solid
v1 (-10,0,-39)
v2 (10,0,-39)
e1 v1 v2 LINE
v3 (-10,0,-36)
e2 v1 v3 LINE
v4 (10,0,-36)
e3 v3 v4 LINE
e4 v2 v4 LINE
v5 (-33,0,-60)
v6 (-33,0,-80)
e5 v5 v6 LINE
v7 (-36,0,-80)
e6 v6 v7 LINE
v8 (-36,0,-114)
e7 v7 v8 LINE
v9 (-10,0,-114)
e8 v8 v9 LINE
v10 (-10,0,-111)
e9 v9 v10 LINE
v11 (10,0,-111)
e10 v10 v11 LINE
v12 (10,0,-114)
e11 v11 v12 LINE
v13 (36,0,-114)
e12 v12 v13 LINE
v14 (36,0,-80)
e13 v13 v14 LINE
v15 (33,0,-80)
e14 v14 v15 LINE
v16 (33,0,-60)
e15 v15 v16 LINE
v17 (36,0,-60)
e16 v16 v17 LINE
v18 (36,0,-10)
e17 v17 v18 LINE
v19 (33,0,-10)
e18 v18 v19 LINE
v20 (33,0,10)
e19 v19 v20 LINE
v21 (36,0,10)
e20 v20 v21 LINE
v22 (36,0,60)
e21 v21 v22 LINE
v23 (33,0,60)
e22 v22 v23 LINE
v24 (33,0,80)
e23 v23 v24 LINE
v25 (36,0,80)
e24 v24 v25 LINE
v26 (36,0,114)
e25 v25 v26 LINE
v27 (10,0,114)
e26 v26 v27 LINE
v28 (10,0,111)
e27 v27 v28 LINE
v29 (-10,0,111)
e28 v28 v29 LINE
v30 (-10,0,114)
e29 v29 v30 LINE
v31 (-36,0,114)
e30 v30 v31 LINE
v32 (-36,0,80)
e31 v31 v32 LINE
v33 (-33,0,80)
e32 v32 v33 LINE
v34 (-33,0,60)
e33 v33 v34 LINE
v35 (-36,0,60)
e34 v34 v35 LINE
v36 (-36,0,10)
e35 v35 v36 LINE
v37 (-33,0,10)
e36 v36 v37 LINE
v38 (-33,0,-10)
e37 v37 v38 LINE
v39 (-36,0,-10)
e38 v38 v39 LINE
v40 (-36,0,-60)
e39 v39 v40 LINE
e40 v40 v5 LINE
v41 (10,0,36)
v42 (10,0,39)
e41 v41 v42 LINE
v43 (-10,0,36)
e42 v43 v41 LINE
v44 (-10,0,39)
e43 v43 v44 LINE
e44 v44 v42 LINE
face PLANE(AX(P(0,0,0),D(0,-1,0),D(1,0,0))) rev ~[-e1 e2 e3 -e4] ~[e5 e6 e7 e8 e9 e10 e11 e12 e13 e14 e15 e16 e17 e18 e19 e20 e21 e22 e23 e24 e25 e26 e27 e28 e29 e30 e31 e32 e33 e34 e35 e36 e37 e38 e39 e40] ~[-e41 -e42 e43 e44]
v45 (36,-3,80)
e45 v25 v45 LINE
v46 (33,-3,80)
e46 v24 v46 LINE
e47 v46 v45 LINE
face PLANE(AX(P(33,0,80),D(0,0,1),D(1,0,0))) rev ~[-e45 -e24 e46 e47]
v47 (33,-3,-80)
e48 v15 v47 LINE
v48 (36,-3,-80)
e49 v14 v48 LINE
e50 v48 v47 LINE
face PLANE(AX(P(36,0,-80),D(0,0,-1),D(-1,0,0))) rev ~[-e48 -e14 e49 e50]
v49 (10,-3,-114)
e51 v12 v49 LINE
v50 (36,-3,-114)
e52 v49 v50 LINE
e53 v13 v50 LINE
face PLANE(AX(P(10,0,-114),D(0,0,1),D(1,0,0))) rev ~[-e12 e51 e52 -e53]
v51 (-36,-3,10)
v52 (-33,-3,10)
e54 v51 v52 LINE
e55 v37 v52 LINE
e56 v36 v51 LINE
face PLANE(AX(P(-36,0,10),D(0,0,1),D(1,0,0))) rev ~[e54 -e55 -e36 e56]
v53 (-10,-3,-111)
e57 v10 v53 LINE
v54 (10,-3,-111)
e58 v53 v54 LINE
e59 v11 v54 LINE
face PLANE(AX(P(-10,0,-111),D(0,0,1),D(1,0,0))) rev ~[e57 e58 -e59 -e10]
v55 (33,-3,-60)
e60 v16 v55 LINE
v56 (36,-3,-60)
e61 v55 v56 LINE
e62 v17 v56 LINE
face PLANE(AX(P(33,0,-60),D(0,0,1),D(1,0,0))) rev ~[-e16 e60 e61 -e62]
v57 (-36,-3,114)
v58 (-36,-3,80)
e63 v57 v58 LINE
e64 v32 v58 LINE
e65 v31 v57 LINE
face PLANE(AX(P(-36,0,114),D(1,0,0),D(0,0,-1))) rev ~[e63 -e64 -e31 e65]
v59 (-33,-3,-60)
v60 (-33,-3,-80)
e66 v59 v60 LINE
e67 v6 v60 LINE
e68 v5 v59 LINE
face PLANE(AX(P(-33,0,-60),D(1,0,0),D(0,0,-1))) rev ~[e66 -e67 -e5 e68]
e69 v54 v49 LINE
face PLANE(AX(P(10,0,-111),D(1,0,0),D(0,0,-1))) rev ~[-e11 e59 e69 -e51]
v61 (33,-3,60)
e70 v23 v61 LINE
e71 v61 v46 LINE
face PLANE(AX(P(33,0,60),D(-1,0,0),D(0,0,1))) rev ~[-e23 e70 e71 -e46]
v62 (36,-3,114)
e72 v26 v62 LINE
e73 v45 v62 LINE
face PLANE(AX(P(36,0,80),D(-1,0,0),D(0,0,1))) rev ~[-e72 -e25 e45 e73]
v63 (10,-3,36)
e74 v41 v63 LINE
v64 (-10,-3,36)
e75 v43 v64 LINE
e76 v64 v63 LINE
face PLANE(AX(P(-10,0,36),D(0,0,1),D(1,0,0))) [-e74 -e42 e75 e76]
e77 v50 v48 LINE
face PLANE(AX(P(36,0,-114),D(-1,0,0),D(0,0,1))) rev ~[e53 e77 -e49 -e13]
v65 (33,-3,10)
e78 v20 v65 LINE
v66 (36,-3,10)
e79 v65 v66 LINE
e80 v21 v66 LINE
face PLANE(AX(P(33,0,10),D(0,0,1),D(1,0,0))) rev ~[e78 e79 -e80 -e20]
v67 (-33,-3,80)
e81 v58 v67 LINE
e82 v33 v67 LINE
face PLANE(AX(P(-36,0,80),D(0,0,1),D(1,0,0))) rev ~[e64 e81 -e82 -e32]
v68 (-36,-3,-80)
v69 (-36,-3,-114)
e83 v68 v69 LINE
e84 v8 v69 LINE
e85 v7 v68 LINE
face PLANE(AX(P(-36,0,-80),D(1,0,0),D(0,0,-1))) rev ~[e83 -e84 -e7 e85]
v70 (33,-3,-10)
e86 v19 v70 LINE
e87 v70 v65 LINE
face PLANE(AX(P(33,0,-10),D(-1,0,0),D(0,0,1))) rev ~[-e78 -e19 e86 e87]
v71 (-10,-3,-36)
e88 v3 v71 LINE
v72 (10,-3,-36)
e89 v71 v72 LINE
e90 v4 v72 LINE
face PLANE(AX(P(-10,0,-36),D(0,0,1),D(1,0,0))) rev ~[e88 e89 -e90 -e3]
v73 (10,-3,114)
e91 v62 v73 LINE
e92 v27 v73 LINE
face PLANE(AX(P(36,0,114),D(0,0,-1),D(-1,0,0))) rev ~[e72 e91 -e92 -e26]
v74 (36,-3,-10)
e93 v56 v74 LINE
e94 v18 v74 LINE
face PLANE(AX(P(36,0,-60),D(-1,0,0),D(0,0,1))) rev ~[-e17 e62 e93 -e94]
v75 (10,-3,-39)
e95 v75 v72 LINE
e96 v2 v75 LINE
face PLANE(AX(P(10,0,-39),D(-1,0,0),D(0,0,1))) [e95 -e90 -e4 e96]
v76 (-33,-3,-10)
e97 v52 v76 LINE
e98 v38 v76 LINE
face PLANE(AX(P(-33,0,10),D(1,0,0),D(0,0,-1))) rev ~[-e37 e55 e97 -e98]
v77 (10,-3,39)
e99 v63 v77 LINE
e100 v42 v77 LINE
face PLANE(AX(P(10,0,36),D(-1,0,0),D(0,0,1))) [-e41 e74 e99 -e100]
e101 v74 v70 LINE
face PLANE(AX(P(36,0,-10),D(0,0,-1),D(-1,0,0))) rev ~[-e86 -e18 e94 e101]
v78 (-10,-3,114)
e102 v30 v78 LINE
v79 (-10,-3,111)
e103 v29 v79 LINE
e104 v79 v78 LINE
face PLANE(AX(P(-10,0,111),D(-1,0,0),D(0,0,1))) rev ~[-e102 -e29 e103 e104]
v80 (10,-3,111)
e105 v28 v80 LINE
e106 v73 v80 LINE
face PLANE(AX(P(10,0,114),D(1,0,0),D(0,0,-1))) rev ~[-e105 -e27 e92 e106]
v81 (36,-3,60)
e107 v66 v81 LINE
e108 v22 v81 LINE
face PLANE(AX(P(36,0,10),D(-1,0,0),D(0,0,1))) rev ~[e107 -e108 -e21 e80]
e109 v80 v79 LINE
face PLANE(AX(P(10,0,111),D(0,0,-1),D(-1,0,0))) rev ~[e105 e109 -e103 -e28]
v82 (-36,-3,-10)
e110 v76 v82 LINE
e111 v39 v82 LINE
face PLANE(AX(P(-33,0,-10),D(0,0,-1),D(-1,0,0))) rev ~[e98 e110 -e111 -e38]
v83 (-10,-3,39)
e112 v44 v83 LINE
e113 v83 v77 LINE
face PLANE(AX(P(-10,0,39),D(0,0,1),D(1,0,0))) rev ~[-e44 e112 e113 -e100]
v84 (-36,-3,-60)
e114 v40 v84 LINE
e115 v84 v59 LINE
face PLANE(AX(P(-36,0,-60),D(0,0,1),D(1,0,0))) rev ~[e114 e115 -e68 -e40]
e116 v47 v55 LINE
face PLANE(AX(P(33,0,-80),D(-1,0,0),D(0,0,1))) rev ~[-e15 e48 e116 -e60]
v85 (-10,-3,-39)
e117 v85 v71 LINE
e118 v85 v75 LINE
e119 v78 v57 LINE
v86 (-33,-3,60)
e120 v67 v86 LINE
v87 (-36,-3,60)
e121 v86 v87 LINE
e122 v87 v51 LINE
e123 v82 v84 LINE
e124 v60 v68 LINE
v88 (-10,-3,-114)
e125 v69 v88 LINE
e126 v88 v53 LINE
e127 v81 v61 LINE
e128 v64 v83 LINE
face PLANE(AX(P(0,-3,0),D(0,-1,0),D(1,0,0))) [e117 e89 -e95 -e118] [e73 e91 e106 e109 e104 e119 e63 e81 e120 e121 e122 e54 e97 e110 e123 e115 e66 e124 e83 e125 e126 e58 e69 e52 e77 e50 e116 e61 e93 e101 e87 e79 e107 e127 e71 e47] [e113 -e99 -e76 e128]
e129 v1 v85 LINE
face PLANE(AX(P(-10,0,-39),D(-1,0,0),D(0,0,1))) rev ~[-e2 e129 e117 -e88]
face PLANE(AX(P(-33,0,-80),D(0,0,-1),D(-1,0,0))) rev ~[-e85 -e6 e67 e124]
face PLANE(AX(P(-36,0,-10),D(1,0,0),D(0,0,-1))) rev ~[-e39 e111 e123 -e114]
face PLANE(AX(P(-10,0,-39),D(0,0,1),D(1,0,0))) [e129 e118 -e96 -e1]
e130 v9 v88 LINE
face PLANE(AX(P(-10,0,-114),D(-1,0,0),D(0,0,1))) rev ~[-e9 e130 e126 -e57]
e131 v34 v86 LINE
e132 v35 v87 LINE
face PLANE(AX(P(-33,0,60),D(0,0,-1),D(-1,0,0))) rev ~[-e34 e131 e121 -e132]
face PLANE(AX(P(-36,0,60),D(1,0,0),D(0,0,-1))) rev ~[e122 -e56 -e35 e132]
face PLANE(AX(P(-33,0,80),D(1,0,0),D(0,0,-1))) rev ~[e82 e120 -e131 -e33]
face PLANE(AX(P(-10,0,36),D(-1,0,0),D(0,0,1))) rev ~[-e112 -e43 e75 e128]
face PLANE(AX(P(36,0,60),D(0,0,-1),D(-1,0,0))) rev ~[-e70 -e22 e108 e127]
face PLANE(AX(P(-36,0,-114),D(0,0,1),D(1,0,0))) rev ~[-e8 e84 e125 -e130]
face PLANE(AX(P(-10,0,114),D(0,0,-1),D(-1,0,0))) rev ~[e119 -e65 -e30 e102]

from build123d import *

# Parameters (mm, degrees)
F0_W     = 20
F0_H     = 3
F1_DEPTH = 3


with BuildPart() as f1:
    # F0 (on Front) → F1 (new body)
    with BuildSketch(Plane.XZ):
        Polygon((36, 80), (36, 114), (10, 114), (10, 111), (-10, 111), (-10, 114), (-36, 114), (-36, 80), (-33, 80), (-33, 60), (-36, 60), (-36, 10), (-33, 10), (-33, -10), (-36, -10), (-36, -60), (-33, -60), (-33, -80), (-36, -80), (-36, -114), (-10, -114), (-10, -111), (10, -111), (10, -114), (36, -114), (36, -80), (33, -80), (33, -60), (36, -60), (36, -10), (33, -10), (33, 10), (36, 10), (36, 60), (33, 60), (33, 80), align=None)
        with Locations((0, -37.5)):
            Rectangle(F0_W, F0_H, mode=Mode.SUBTRACT)
        with Locations((0, 37.5)):
            Rectangle(F0_W, F0_H, mode=Mode.SUBTRACT)
    extrude(amount=F1_DEPTH)


solid = f1.part
